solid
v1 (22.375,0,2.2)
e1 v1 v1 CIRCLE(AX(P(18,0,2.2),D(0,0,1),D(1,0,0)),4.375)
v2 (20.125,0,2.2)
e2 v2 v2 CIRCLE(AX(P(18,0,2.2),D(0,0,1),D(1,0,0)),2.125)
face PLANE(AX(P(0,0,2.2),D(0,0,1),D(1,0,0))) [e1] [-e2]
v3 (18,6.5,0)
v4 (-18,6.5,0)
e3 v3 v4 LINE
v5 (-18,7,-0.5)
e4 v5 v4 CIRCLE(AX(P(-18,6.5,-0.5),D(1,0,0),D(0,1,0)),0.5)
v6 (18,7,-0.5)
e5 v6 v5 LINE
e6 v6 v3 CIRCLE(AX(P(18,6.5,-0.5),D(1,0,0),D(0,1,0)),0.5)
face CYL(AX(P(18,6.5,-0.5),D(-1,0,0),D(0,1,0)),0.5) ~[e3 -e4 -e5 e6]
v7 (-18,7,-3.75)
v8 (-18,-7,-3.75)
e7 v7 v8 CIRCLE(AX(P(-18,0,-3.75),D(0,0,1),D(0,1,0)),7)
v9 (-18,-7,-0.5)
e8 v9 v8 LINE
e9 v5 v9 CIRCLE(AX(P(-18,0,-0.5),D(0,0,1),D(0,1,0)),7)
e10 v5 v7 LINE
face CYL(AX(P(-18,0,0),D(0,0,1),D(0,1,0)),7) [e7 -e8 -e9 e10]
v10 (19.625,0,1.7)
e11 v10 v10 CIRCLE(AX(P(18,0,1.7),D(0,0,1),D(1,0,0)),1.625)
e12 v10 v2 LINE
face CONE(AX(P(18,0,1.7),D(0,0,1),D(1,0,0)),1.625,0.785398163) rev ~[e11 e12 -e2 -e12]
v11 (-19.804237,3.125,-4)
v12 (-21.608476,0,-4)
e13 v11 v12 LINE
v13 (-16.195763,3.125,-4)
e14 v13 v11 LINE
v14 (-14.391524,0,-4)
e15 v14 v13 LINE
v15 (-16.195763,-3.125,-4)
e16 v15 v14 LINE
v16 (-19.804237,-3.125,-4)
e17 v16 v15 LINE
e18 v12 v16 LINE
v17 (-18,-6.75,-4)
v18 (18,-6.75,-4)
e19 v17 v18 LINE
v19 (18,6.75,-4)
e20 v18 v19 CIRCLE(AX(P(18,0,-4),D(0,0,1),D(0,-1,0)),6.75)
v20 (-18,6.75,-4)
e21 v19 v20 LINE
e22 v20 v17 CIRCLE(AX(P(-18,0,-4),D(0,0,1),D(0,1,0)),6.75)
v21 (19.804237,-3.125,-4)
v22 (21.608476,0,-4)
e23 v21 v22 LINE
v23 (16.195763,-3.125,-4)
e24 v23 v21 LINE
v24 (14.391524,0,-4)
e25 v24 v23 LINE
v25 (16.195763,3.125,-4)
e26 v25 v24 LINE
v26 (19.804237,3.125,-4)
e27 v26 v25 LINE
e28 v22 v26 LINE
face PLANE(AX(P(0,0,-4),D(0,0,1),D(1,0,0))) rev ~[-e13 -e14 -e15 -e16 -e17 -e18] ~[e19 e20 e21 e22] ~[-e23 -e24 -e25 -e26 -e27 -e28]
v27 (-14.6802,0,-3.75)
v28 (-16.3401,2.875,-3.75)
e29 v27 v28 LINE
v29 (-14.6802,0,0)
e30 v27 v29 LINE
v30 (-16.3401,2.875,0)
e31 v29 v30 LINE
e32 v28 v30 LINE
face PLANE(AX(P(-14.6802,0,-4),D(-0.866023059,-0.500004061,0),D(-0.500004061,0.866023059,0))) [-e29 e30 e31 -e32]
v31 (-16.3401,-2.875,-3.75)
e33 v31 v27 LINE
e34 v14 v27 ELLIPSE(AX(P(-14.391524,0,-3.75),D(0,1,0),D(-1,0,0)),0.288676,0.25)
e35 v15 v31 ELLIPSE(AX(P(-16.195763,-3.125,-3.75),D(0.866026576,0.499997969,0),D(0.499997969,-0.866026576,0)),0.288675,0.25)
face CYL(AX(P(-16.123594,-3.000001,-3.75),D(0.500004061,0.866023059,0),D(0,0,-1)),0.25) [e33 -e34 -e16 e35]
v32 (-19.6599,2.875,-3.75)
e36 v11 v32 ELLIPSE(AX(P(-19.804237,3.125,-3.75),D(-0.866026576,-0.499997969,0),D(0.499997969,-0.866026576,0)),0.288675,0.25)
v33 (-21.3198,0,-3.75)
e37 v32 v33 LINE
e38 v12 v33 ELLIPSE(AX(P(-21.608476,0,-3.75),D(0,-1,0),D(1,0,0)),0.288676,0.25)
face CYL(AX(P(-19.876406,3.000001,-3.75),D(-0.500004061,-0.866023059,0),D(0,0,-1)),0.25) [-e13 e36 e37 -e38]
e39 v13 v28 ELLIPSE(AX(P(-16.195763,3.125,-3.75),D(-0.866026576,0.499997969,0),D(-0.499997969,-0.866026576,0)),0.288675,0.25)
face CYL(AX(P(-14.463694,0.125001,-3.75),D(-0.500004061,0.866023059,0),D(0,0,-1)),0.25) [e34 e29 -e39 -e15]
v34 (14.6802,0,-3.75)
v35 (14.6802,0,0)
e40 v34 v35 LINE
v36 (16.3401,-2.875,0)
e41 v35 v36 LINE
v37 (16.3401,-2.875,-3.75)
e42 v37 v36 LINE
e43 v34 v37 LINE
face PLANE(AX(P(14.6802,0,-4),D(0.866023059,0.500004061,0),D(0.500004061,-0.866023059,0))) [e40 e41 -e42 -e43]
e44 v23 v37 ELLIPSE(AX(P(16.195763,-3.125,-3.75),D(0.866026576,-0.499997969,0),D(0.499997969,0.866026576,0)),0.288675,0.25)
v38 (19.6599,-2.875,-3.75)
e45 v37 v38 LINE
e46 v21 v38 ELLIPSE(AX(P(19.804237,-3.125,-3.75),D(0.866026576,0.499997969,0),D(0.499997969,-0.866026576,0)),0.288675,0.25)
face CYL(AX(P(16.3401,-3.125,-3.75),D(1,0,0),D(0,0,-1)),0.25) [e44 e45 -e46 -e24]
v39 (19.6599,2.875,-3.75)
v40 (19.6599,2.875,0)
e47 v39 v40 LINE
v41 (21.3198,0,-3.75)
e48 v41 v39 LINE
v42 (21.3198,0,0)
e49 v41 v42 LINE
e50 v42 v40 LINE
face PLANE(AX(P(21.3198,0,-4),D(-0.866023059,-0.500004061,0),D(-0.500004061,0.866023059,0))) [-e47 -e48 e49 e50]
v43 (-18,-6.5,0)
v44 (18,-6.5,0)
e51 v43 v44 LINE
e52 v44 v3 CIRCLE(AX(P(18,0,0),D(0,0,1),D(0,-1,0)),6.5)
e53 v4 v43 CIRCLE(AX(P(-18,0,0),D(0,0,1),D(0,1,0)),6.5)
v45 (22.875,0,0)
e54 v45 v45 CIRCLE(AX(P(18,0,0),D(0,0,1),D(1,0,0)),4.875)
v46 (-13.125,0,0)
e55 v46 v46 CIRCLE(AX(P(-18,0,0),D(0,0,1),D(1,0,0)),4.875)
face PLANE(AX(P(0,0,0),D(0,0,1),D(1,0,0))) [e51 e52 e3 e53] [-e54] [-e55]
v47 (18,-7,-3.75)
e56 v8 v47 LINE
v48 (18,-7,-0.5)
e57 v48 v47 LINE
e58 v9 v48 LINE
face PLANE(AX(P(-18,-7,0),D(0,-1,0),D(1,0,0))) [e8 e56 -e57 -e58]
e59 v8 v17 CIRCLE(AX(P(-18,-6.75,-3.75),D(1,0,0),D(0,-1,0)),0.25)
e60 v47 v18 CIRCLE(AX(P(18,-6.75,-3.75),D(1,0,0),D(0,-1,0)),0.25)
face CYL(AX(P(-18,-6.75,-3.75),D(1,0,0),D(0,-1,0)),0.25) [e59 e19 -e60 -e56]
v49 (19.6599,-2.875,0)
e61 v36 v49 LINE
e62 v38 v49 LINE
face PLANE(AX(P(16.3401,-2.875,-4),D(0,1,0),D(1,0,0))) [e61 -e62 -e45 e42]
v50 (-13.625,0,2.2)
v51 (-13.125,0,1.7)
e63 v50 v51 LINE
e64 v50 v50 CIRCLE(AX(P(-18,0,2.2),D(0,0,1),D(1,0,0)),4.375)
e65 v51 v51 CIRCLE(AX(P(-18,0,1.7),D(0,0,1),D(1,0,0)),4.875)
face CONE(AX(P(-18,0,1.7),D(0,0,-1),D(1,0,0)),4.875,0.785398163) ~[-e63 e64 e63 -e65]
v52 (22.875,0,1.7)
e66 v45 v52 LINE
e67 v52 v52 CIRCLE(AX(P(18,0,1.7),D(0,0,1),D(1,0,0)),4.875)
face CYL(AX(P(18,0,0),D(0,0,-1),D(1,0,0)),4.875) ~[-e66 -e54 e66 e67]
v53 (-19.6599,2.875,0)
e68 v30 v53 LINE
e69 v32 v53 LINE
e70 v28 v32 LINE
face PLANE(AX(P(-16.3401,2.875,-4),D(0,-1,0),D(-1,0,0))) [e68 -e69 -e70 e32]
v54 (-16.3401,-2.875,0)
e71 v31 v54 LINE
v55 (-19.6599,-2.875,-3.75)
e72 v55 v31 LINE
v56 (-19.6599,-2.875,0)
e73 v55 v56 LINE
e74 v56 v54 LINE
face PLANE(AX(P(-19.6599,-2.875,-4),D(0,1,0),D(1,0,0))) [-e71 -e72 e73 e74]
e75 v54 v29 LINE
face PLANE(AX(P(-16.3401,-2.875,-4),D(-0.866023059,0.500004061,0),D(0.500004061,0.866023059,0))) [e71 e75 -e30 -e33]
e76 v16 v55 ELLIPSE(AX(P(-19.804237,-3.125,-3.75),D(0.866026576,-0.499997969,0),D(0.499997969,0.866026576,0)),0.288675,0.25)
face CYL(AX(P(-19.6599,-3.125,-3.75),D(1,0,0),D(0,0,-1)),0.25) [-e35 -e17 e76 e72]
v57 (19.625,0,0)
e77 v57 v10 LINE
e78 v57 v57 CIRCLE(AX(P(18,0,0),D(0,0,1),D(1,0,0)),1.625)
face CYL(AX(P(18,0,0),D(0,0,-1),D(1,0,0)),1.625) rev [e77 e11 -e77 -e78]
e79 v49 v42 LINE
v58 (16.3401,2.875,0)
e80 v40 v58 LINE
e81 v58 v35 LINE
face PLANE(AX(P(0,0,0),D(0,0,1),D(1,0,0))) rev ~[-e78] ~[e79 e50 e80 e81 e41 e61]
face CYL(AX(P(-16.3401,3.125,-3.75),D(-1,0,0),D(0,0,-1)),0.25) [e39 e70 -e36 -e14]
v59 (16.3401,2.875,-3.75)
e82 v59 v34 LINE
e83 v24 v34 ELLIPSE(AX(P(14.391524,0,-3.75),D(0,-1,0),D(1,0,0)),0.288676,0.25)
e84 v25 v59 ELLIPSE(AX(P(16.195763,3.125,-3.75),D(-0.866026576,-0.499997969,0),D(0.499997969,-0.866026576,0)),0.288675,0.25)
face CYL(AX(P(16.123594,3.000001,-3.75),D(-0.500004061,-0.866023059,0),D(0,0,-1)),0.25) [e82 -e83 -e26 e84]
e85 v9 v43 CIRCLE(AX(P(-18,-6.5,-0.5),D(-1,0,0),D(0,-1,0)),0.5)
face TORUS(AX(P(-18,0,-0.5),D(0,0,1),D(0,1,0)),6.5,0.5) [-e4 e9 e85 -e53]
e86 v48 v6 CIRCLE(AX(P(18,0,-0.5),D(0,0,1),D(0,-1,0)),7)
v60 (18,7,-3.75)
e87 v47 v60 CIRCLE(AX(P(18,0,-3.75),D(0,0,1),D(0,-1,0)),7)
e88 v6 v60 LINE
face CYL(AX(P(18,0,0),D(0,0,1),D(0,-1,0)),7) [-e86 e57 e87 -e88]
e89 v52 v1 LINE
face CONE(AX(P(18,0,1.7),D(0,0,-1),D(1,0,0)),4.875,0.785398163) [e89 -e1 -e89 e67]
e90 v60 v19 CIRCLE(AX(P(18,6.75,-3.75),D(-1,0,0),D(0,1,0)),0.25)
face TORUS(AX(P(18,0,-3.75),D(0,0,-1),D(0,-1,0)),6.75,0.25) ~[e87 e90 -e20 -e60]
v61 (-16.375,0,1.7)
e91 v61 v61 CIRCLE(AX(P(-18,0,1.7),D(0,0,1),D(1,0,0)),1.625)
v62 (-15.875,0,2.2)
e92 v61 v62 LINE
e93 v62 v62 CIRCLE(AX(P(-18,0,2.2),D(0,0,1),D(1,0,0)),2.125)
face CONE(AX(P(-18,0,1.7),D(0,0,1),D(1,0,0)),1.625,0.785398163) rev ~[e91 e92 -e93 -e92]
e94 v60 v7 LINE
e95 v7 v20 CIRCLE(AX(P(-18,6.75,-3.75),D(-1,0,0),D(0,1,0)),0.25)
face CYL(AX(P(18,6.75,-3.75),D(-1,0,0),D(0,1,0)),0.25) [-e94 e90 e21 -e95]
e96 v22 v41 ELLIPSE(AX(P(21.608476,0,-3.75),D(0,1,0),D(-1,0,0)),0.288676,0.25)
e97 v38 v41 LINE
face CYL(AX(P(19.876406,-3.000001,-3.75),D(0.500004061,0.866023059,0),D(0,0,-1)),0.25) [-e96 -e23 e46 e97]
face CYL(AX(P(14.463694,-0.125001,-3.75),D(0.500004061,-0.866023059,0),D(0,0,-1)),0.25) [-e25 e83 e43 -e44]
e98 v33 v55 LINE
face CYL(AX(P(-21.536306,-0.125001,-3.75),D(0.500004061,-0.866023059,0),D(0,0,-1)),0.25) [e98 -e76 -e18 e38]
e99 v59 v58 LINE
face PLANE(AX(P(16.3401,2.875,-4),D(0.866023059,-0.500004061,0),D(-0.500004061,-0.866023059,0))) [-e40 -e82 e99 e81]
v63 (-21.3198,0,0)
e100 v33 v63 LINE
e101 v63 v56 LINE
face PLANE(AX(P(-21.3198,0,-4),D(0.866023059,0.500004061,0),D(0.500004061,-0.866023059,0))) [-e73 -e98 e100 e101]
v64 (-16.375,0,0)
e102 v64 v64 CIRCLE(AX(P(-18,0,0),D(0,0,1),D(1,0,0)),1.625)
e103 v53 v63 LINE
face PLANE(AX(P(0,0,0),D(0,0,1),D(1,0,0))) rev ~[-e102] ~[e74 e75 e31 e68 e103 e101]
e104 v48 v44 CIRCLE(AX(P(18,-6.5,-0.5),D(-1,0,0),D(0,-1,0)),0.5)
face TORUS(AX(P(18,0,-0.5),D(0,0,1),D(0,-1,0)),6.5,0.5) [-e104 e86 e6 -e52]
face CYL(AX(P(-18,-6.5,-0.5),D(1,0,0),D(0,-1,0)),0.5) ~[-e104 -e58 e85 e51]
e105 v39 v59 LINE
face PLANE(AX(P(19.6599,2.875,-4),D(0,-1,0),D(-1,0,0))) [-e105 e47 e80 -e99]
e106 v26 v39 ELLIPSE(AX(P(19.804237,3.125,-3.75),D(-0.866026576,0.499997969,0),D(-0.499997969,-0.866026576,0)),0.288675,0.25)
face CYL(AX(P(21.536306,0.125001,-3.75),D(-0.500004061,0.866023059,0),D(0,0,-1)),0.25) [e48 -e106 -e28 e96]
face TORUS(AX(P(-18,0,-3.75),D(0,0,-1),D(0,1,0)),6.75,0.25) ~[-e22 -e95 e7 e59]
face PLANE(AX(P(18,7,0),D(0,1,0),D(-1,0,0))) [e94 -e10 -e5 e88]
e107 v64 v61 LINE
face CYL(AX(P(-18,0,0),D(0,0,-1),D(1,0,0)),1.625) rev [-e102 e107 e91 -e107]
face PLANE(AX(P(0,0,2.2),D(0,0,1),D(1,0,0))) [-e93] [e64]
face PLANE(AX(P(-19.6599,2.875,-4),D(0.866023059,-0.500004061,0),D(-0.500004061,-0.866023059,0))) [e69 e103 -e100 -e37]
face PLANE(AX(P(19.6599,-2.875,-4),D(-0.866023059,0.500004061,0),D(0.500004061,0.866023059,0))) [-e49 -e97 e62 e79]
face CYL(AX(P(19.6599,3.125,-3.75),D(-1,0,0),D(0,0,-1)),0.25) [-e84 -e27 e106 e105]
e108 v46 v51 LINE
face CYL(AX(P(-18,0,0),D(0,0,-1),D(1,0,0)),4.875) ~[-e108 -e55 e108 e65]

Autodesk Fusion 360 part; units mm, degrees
sketch "Sketch1" plane through (0, 0, 0) normal (0, 0, 1) x (1, 0, 0) in component "Shaft Cap"
  line L0 (0, 164.1124) -> (0, -164.1124) construction
  line L1 (-160, 0) -> (160, 0) construction
  line L2 (-18, -7) -> (18, -7)
  arc A0 (18, -7) -> (18, 7) centre (18, 0) ccw
  line L3 (18, 7) -> (-18, 7)
  arc A1 (-18, 7) -> (-18, -7) centre (-18, 0) ccw
  line L4 (-18, 0) -> (18, 0) construction
  circle A2 centre (-18, 0) radius 1.625
  circle A3 centre (18, 0) radius 1.625
  circle A4 centre (-18, 0) radius 4.875
  circle A5 centre (18, 0) radius 4.875
  line L5 (-14.6802, 0) -> (-16.3401, 2.875)
  line L6 (-16.3401, 2.875) -> (-19.6599, 2.875)
  line L7 (-19.6599, 2.875) -> (-21.3198, 0)
  line L8 (-21.3198, 0) -> (-19.6599, -2.875)
  line L9 (-19.6599, -2.875) -> (-16.3401, -2.875)
  line L10 (-16.3401, -2.875) -> (-14.6802, 0)
  line L11 (14.6802, 0) -> (16.3401, -2.875)
  line L12 (16.3401, -2.875) -> (19.6599, -2.875)
  line L13 (19.6599, -2.875) -> (21.3198, 0)
  line L14 (21.3198, 0) -> (19.6599, 2.875)
  line L15 (19.6599, 2.875) -> (16.3401, 2.875)
  line L16 (16.3401, 2.875) -> (14.6802, 0)
  point P0 (-18, 0)
  point P1 (18, 0)
  dimension "d1" = 14
  dimension "d2" = 36
  dimension "d3" = 3.25
  dimension "d4" = 9.75
  dimension "d5" = 5.75
extrude "Extrude1" add sketch "Sketch1" against normal blind 4 contours L2 A0 L3 A1 | A4 | A5 | L5 L6 L7 L8 L9 L10 | L11 L12 L13 L14 L15 L16 in component "Shaft Cap"
extrude "Extrude2" add sketch "Sketch1" along normal blind 2.2 contours A4 | A5 | L5 L6 L7 L8 L9 L10 | L11 L12 L13 L14 L15 L16 in component "Shaft Cap"
extrude "Extrude3" cut sketch "Sketch1" along normal blind 4 from surface at -4 contours L5 L6 L7 L8 L9 L10 | L11 L12 L13 L14 L15 L16 in component "Shaft Cap"
fillet "Fillet1" radius 0.5 4 edges at (-25, 0, 0) (0, -7, 0) (25, 0, 0) (0, 7, 0) in component "Shaft Cap"
fillet "Fillet1" radius 0.25 4 edges at (-25, 0, -4) (0, 7, -4) (25, 0, -4) (0, -7, -4) in component "Shaft Cap"
fillet "Fillet2" radius 0.25 12 edges at (-18, -2.875, -4) (-20.4898, -1.4375, -4) (-20.4898, 1.4375, -4) (-18, 2.875, -4) (-15.5102, 1.4375, -4) (-15.5102, -1.4375, -4) (18, -2.875, -4) (15.5102, -1.4375, -4) (15.5102, 1.4375, -4) (18, 2.875, -4) (20.4898, 1.4375, -4) (20.4898, -1.4375, -4) in component "Shaft Cap"
chamfer "Chamfer1" distance 0.5 angle 45 2 edges at (13.4549, -1.7629, 2.2) (-22.5451, -1.7629, 2.2) in component "Shaft Cap"
chamfer "Chamfer1" distance 0.5 angle 45 2 edges at (-19.515, 0.5876, 2.2) (16.485, 0.5876, 2.2) in component "Shaft Cap"
component "Shaft Cap" placed x (1, 0, 0) y (0, 1, 0) z (0, 0, 1) at (0, 0, 0)
